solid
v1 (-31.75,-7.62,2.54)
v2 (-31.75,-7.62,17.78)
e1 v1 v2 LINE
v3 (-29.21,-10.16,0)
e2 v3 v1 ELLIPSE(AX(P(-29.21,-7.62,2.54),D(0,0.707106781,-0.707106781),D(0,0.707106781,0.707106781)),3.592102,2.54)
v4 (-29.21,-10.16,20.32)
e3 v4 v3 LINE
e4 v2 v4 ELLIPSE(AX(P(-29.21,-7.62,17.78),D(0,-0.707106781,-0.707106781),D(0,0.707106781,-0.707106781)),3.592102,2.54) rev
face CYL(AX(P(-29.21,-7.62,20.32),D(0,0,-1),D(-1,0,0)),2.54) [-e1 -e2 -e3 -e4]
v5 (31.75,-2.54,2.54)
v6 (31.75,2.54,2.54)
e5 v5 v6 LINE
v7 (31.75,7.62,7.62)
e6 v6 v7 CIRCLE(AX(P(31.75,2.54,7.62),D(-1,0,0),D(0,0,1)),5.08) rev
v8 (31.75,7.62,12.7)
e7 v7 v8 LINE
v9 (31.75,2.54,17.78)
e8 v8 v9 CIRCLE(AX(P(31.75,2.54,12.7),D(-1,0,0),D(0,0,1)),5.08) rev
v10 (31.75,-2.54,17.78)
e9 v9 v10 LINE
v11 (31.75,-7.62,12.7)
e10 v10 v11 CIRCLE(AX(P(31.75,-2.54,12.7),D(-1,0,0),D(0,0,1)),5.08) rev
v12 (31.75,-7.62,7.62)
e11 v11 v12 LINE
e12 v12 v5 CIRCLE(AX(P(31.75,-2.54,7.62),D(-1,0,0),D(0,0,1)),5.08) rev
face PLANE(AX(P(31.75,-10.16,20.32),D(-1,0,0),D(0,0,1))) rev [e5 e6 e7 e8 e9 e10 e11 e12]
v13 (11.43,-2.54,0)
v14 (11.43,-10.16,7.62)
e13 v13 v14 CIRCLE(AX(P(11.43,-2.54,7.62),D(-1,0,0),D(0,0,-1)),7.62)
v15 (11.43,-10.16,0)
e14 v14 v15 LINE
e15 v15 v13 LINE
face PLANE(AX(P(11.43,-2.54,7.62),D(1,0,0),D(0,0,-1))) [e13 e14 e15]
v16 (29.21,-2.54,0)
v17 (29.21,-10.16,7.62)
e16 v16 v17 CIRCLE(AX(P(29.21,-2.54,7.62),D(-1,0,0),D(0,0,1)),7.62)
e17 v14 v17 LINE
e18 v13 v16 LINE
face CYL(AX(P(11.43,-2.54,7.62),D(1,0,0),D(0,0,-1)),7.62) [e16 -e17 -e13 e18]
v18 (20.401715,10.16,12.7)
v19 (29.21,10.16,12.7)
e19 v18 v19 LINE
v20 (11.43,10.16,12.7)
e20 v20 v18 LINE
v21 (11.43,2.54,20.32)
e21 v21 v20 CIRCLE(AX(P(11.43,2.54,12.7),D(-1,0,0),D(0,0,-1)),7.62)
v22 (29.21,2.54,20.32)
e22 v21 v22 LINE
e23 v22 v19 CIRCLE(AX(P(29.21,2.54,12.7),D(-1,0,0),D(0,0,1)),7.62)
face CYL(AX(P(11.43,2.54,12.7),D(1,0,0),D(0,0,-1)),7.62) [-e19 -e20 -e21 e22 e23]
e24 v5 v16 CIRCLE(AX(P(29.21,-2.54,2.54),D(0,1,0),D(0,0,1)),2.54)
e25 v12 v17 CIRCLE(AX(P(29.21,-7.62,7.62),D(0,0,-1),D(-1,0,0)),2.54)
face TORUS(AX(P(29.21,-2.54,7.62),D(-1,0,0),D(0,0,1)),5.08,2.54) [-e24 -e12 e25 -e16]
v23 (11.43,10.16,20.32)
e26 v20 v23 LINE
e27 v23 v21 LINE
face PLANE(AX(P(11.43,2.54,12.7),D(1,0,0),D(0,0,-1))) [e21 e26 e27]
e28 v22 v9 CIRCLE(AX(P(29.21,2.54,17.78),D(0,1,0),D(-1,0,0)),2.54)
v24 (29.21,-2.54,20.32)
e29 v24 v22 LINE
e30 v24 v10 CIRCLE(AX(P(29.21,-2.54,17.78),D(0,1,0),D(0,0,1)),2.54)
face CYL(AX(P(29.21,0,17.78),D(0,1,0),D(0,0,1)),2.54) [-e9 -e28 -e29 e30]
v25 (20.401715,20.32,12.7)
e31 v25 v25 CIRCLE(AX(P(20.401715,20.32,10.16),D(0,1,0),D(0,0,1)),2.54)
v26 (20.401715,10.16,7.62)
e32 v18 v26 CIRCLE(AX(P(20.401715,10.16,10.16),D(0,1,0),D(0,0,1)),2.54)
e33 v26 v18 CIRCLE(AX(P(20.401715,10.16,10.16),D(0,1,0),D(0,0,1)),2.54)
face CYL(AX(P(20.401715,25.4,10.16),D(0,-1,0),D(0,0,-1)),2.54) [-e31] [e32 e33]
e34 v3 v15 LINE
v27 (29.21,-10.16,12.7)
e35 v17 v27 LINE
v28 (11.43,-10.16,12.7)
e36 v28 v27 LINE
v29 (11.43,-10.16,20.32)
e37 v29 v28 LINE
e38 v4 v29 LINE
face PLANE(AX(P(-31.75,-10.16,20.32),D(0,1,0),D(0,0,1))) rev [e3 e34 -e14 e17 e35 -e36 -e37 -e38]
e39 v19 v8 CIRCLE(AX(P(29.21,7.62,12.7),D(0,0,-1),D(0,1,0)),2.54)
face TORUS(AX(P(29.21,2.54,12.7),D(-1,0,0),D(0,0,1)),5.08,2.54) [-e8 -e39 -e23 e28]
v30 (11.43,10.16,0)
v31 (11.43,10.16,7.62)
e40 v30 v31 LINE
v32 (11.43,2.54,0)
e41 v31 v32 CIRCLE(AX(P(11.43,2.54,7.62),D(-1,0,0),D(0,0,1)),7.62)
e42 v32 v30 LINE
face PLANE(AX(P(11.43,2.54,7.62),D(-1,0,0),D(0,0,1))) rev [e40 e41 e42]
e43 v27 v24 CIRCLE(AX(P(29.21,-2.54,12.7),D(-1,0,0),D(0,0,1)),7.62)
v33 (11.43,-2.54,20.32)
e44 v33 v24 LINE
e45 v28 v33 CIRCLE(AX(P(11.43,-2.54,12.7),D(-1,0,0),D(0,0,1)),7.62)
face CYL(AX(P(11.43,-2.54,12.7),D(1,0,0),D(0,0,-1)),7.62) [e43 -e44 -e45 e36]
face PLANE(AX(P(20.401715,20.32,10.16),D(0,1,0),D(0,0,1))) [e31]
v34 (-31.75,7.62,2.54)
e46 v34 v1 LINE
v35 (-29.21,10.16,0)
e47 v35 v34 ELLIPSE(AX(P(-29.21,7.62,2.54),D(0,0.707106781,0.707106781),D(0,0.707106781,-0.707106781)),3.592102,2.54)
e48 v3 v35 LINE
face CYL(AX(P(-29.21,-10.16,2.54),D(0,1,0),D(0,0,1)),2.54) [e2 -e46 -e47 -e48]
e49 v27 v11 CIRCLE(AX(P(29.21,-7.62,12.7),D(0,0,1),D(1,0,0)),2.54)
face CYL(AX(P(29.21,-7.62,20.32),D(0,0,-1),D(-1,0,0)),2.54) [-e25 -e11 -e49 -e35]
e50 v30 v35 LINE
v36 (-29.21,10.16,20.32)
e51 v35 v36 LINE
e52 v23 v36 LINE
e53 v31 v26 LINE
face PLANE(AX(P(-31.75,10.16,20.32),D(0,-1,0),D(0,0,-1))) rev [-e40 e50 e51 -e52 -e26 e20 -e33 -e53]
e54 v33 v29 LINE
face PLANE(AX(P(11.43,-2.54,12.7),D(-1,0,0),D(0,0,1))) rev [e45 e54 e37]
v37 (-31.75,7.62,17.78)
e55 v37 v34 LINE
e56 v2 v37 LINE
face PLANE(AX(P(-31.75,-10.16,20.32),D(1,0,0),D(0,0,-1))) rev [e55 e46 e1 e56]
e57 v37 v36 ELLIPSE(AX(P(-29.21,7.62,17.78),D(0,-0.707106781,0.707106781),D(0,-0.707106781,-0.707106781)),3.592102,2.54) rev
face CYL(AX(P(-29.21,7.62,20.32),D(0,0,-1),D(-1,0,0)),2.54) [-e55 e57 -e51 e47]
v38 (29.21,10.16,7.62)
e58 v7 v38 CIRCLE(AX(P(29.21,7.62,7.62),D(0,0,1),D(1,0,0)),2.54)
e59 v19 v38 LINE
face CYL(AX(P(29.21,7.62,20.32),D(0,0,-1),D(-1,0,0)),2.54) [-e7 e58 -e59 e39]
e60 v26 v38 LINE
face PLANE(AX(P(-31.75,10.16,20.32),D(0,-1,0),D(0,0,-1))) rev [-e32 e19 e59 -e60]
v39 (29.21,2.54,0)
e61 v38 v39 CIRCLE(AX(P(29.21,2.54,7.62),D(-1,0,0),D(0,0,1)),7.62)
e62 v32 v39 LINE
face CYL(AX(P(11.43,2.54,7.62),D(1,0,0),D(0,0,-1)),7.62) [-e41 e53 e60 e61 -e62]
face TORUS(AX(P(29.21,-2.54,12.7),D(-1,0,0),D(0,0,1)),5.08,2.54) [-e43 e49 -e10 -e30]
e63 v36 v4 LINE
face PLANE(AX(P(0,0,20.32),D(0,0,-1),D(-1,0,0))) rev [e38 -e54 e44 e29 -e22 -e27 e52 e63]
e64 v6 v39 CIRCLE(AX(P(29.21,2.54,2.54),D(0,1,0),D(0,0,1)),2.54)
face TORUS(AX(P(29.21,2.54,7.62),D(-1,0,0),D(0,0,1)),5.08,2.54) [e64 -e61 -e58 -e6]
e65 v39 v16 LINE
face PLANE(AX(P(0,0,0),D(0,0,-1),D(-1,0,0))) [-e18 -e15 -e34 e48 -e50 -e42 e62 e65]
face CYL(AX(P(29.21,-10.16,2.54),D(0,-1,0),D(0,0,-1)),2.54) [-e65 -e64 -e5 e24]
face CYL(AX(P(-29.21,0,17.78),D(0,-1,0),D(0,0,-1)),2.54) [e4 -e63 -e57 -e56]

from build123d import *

# Parameters (mm, degrees)
SKETCH1_W           = 63.5
SKETCH1_H           = 20.32
BOSS_EXTRUDE1_DEPTH = 20.32
CUT_EXTRUDE2_DEPTH  = 20.32
FILLET1_R           = 2.54
SKETCH3_R           = 2.54
BOSS_EXTRUDE2_DEPTH = 15.24
FILLET2_R           = 2.54
CUT_EXTRUDE3_START  = -5.08
SKETCH4_R           = 2.54
CUT_EXTRUDE3_DEPTH  = 5.08


with BuildPart() as part:
    # Sketch1 → Boss-Extrude1 (new body)
    with BuildSketch(Plane.XY):
        Rectangle(SKETCH1_W, SKETCH1_H)
    extrude(amount=BOSS_EXTRUDE1_DEPTH)

    # Sketch2 → Cut-Extrude2 (cut)
    with BuildSketch(Plane(origin=(31.75, 0, 0), x_dir=(0, 0, -1), z_dir=(1, 0, 0))):
        with BuildLine():
            Line((-20.32, 2.54), (-20.32, 10.16))
            Line((-20.32, 10.16), (-12.7, 10.16))
            ThreePointArc((-12.7, 10.16), (-18.088153673, 7.928153673), (-20.32, 2.54))
        make_face()
        with BuildLine():
            Line((-7.62, 10.16), (0, 10.16))
            Line((0, 10.16), (0, 2.54))
            ThreePointArc((0, 2.54), (-2.231846327, 7.928153673), (-7.62, 10.16))
        make_face()
        with BuildLine():
            Line((-7.62, -10.16), (0, -10.16))
            Line((0, -10.16), (0, -2.54))
            ThreePointArc((0, -2.54), (-2.231846327, -7.928153673), (-7.62, -10.16))
        make_face()
        with BuildLine():
            Line((-12.7, -10.16), (-20.32, -10.16))
            Line((-20.32, -10.16), (-20.32, -2.54))
            ThreePointArc((-20.32, -2.54), (-18.088153673, -7.928153673), (-12.7, -10.16))
        make_face()
    extrude(amount=-CUT_EXTRUDE2_DEPTH, mode=Mode.SUBTRACT)

    # Fillet1
    fillet1_edges = [part.edges().sort_by_distance(p)[0] for p in [
        (31.75, 0, 0),
        (31.75, 0, 20.32),
        (31.75, -10.16, 10.16),
        (31.75, 10.16, 10.16),
        (31.75, -7.928153673, 18.088153673),
        (31.75, -7.928153673, 2.231846327),
        (31.75, 7.928153673, 2.231846327),
        (31.75, 7.928153673, 18.088153673),
    ]]
    fillet(fillet1_edges, radius=FILLET1_R)

    # Sketch3 → Boss-Extrude2 (add)
    with BuildSketch(Plane(origin=(0, 10.16, 0), x_dir=(1, 0, 0), z_dir=(0, 1, 0))):
        with Locations(Location((20.4017153, -10.16, 0), (0, 0, 270))):
            Circle(SKETCH3_R)
    extrude(amount=BOSS_EXTRUDE2_DEPTH)

    # Fillet2
    fillet2_edges = [part.edges().sort_by_distance(p)[0] for p in [
        (-31.75, 0, 20.32),
        (-31.75, 0, 0),
        (-31.75, -10.16, 10.16),
        (-31.75, 10.16, 10.16),
    ]]
    fillet(fillet2_edges, radius=FILLET2_R)

    # Sketch4 → Cut-Extrude3 (cut)
    with BuildSketch(Plane(origin=(0, 25.4, 0), x_dir=(1, 0, 0), z_dir=(0, 1, 0)).offset(CUT_EXTRUDE3_START)):
        with Locations(Location((20.4017153, -10.16, 0), (0, 0, 270))):
            Circle(SKETCH4_R)
    extrude(amount=CUT_EXTRUDE3_DEPTH, mode=Mode.SUBTRACT)


solid = part.part
